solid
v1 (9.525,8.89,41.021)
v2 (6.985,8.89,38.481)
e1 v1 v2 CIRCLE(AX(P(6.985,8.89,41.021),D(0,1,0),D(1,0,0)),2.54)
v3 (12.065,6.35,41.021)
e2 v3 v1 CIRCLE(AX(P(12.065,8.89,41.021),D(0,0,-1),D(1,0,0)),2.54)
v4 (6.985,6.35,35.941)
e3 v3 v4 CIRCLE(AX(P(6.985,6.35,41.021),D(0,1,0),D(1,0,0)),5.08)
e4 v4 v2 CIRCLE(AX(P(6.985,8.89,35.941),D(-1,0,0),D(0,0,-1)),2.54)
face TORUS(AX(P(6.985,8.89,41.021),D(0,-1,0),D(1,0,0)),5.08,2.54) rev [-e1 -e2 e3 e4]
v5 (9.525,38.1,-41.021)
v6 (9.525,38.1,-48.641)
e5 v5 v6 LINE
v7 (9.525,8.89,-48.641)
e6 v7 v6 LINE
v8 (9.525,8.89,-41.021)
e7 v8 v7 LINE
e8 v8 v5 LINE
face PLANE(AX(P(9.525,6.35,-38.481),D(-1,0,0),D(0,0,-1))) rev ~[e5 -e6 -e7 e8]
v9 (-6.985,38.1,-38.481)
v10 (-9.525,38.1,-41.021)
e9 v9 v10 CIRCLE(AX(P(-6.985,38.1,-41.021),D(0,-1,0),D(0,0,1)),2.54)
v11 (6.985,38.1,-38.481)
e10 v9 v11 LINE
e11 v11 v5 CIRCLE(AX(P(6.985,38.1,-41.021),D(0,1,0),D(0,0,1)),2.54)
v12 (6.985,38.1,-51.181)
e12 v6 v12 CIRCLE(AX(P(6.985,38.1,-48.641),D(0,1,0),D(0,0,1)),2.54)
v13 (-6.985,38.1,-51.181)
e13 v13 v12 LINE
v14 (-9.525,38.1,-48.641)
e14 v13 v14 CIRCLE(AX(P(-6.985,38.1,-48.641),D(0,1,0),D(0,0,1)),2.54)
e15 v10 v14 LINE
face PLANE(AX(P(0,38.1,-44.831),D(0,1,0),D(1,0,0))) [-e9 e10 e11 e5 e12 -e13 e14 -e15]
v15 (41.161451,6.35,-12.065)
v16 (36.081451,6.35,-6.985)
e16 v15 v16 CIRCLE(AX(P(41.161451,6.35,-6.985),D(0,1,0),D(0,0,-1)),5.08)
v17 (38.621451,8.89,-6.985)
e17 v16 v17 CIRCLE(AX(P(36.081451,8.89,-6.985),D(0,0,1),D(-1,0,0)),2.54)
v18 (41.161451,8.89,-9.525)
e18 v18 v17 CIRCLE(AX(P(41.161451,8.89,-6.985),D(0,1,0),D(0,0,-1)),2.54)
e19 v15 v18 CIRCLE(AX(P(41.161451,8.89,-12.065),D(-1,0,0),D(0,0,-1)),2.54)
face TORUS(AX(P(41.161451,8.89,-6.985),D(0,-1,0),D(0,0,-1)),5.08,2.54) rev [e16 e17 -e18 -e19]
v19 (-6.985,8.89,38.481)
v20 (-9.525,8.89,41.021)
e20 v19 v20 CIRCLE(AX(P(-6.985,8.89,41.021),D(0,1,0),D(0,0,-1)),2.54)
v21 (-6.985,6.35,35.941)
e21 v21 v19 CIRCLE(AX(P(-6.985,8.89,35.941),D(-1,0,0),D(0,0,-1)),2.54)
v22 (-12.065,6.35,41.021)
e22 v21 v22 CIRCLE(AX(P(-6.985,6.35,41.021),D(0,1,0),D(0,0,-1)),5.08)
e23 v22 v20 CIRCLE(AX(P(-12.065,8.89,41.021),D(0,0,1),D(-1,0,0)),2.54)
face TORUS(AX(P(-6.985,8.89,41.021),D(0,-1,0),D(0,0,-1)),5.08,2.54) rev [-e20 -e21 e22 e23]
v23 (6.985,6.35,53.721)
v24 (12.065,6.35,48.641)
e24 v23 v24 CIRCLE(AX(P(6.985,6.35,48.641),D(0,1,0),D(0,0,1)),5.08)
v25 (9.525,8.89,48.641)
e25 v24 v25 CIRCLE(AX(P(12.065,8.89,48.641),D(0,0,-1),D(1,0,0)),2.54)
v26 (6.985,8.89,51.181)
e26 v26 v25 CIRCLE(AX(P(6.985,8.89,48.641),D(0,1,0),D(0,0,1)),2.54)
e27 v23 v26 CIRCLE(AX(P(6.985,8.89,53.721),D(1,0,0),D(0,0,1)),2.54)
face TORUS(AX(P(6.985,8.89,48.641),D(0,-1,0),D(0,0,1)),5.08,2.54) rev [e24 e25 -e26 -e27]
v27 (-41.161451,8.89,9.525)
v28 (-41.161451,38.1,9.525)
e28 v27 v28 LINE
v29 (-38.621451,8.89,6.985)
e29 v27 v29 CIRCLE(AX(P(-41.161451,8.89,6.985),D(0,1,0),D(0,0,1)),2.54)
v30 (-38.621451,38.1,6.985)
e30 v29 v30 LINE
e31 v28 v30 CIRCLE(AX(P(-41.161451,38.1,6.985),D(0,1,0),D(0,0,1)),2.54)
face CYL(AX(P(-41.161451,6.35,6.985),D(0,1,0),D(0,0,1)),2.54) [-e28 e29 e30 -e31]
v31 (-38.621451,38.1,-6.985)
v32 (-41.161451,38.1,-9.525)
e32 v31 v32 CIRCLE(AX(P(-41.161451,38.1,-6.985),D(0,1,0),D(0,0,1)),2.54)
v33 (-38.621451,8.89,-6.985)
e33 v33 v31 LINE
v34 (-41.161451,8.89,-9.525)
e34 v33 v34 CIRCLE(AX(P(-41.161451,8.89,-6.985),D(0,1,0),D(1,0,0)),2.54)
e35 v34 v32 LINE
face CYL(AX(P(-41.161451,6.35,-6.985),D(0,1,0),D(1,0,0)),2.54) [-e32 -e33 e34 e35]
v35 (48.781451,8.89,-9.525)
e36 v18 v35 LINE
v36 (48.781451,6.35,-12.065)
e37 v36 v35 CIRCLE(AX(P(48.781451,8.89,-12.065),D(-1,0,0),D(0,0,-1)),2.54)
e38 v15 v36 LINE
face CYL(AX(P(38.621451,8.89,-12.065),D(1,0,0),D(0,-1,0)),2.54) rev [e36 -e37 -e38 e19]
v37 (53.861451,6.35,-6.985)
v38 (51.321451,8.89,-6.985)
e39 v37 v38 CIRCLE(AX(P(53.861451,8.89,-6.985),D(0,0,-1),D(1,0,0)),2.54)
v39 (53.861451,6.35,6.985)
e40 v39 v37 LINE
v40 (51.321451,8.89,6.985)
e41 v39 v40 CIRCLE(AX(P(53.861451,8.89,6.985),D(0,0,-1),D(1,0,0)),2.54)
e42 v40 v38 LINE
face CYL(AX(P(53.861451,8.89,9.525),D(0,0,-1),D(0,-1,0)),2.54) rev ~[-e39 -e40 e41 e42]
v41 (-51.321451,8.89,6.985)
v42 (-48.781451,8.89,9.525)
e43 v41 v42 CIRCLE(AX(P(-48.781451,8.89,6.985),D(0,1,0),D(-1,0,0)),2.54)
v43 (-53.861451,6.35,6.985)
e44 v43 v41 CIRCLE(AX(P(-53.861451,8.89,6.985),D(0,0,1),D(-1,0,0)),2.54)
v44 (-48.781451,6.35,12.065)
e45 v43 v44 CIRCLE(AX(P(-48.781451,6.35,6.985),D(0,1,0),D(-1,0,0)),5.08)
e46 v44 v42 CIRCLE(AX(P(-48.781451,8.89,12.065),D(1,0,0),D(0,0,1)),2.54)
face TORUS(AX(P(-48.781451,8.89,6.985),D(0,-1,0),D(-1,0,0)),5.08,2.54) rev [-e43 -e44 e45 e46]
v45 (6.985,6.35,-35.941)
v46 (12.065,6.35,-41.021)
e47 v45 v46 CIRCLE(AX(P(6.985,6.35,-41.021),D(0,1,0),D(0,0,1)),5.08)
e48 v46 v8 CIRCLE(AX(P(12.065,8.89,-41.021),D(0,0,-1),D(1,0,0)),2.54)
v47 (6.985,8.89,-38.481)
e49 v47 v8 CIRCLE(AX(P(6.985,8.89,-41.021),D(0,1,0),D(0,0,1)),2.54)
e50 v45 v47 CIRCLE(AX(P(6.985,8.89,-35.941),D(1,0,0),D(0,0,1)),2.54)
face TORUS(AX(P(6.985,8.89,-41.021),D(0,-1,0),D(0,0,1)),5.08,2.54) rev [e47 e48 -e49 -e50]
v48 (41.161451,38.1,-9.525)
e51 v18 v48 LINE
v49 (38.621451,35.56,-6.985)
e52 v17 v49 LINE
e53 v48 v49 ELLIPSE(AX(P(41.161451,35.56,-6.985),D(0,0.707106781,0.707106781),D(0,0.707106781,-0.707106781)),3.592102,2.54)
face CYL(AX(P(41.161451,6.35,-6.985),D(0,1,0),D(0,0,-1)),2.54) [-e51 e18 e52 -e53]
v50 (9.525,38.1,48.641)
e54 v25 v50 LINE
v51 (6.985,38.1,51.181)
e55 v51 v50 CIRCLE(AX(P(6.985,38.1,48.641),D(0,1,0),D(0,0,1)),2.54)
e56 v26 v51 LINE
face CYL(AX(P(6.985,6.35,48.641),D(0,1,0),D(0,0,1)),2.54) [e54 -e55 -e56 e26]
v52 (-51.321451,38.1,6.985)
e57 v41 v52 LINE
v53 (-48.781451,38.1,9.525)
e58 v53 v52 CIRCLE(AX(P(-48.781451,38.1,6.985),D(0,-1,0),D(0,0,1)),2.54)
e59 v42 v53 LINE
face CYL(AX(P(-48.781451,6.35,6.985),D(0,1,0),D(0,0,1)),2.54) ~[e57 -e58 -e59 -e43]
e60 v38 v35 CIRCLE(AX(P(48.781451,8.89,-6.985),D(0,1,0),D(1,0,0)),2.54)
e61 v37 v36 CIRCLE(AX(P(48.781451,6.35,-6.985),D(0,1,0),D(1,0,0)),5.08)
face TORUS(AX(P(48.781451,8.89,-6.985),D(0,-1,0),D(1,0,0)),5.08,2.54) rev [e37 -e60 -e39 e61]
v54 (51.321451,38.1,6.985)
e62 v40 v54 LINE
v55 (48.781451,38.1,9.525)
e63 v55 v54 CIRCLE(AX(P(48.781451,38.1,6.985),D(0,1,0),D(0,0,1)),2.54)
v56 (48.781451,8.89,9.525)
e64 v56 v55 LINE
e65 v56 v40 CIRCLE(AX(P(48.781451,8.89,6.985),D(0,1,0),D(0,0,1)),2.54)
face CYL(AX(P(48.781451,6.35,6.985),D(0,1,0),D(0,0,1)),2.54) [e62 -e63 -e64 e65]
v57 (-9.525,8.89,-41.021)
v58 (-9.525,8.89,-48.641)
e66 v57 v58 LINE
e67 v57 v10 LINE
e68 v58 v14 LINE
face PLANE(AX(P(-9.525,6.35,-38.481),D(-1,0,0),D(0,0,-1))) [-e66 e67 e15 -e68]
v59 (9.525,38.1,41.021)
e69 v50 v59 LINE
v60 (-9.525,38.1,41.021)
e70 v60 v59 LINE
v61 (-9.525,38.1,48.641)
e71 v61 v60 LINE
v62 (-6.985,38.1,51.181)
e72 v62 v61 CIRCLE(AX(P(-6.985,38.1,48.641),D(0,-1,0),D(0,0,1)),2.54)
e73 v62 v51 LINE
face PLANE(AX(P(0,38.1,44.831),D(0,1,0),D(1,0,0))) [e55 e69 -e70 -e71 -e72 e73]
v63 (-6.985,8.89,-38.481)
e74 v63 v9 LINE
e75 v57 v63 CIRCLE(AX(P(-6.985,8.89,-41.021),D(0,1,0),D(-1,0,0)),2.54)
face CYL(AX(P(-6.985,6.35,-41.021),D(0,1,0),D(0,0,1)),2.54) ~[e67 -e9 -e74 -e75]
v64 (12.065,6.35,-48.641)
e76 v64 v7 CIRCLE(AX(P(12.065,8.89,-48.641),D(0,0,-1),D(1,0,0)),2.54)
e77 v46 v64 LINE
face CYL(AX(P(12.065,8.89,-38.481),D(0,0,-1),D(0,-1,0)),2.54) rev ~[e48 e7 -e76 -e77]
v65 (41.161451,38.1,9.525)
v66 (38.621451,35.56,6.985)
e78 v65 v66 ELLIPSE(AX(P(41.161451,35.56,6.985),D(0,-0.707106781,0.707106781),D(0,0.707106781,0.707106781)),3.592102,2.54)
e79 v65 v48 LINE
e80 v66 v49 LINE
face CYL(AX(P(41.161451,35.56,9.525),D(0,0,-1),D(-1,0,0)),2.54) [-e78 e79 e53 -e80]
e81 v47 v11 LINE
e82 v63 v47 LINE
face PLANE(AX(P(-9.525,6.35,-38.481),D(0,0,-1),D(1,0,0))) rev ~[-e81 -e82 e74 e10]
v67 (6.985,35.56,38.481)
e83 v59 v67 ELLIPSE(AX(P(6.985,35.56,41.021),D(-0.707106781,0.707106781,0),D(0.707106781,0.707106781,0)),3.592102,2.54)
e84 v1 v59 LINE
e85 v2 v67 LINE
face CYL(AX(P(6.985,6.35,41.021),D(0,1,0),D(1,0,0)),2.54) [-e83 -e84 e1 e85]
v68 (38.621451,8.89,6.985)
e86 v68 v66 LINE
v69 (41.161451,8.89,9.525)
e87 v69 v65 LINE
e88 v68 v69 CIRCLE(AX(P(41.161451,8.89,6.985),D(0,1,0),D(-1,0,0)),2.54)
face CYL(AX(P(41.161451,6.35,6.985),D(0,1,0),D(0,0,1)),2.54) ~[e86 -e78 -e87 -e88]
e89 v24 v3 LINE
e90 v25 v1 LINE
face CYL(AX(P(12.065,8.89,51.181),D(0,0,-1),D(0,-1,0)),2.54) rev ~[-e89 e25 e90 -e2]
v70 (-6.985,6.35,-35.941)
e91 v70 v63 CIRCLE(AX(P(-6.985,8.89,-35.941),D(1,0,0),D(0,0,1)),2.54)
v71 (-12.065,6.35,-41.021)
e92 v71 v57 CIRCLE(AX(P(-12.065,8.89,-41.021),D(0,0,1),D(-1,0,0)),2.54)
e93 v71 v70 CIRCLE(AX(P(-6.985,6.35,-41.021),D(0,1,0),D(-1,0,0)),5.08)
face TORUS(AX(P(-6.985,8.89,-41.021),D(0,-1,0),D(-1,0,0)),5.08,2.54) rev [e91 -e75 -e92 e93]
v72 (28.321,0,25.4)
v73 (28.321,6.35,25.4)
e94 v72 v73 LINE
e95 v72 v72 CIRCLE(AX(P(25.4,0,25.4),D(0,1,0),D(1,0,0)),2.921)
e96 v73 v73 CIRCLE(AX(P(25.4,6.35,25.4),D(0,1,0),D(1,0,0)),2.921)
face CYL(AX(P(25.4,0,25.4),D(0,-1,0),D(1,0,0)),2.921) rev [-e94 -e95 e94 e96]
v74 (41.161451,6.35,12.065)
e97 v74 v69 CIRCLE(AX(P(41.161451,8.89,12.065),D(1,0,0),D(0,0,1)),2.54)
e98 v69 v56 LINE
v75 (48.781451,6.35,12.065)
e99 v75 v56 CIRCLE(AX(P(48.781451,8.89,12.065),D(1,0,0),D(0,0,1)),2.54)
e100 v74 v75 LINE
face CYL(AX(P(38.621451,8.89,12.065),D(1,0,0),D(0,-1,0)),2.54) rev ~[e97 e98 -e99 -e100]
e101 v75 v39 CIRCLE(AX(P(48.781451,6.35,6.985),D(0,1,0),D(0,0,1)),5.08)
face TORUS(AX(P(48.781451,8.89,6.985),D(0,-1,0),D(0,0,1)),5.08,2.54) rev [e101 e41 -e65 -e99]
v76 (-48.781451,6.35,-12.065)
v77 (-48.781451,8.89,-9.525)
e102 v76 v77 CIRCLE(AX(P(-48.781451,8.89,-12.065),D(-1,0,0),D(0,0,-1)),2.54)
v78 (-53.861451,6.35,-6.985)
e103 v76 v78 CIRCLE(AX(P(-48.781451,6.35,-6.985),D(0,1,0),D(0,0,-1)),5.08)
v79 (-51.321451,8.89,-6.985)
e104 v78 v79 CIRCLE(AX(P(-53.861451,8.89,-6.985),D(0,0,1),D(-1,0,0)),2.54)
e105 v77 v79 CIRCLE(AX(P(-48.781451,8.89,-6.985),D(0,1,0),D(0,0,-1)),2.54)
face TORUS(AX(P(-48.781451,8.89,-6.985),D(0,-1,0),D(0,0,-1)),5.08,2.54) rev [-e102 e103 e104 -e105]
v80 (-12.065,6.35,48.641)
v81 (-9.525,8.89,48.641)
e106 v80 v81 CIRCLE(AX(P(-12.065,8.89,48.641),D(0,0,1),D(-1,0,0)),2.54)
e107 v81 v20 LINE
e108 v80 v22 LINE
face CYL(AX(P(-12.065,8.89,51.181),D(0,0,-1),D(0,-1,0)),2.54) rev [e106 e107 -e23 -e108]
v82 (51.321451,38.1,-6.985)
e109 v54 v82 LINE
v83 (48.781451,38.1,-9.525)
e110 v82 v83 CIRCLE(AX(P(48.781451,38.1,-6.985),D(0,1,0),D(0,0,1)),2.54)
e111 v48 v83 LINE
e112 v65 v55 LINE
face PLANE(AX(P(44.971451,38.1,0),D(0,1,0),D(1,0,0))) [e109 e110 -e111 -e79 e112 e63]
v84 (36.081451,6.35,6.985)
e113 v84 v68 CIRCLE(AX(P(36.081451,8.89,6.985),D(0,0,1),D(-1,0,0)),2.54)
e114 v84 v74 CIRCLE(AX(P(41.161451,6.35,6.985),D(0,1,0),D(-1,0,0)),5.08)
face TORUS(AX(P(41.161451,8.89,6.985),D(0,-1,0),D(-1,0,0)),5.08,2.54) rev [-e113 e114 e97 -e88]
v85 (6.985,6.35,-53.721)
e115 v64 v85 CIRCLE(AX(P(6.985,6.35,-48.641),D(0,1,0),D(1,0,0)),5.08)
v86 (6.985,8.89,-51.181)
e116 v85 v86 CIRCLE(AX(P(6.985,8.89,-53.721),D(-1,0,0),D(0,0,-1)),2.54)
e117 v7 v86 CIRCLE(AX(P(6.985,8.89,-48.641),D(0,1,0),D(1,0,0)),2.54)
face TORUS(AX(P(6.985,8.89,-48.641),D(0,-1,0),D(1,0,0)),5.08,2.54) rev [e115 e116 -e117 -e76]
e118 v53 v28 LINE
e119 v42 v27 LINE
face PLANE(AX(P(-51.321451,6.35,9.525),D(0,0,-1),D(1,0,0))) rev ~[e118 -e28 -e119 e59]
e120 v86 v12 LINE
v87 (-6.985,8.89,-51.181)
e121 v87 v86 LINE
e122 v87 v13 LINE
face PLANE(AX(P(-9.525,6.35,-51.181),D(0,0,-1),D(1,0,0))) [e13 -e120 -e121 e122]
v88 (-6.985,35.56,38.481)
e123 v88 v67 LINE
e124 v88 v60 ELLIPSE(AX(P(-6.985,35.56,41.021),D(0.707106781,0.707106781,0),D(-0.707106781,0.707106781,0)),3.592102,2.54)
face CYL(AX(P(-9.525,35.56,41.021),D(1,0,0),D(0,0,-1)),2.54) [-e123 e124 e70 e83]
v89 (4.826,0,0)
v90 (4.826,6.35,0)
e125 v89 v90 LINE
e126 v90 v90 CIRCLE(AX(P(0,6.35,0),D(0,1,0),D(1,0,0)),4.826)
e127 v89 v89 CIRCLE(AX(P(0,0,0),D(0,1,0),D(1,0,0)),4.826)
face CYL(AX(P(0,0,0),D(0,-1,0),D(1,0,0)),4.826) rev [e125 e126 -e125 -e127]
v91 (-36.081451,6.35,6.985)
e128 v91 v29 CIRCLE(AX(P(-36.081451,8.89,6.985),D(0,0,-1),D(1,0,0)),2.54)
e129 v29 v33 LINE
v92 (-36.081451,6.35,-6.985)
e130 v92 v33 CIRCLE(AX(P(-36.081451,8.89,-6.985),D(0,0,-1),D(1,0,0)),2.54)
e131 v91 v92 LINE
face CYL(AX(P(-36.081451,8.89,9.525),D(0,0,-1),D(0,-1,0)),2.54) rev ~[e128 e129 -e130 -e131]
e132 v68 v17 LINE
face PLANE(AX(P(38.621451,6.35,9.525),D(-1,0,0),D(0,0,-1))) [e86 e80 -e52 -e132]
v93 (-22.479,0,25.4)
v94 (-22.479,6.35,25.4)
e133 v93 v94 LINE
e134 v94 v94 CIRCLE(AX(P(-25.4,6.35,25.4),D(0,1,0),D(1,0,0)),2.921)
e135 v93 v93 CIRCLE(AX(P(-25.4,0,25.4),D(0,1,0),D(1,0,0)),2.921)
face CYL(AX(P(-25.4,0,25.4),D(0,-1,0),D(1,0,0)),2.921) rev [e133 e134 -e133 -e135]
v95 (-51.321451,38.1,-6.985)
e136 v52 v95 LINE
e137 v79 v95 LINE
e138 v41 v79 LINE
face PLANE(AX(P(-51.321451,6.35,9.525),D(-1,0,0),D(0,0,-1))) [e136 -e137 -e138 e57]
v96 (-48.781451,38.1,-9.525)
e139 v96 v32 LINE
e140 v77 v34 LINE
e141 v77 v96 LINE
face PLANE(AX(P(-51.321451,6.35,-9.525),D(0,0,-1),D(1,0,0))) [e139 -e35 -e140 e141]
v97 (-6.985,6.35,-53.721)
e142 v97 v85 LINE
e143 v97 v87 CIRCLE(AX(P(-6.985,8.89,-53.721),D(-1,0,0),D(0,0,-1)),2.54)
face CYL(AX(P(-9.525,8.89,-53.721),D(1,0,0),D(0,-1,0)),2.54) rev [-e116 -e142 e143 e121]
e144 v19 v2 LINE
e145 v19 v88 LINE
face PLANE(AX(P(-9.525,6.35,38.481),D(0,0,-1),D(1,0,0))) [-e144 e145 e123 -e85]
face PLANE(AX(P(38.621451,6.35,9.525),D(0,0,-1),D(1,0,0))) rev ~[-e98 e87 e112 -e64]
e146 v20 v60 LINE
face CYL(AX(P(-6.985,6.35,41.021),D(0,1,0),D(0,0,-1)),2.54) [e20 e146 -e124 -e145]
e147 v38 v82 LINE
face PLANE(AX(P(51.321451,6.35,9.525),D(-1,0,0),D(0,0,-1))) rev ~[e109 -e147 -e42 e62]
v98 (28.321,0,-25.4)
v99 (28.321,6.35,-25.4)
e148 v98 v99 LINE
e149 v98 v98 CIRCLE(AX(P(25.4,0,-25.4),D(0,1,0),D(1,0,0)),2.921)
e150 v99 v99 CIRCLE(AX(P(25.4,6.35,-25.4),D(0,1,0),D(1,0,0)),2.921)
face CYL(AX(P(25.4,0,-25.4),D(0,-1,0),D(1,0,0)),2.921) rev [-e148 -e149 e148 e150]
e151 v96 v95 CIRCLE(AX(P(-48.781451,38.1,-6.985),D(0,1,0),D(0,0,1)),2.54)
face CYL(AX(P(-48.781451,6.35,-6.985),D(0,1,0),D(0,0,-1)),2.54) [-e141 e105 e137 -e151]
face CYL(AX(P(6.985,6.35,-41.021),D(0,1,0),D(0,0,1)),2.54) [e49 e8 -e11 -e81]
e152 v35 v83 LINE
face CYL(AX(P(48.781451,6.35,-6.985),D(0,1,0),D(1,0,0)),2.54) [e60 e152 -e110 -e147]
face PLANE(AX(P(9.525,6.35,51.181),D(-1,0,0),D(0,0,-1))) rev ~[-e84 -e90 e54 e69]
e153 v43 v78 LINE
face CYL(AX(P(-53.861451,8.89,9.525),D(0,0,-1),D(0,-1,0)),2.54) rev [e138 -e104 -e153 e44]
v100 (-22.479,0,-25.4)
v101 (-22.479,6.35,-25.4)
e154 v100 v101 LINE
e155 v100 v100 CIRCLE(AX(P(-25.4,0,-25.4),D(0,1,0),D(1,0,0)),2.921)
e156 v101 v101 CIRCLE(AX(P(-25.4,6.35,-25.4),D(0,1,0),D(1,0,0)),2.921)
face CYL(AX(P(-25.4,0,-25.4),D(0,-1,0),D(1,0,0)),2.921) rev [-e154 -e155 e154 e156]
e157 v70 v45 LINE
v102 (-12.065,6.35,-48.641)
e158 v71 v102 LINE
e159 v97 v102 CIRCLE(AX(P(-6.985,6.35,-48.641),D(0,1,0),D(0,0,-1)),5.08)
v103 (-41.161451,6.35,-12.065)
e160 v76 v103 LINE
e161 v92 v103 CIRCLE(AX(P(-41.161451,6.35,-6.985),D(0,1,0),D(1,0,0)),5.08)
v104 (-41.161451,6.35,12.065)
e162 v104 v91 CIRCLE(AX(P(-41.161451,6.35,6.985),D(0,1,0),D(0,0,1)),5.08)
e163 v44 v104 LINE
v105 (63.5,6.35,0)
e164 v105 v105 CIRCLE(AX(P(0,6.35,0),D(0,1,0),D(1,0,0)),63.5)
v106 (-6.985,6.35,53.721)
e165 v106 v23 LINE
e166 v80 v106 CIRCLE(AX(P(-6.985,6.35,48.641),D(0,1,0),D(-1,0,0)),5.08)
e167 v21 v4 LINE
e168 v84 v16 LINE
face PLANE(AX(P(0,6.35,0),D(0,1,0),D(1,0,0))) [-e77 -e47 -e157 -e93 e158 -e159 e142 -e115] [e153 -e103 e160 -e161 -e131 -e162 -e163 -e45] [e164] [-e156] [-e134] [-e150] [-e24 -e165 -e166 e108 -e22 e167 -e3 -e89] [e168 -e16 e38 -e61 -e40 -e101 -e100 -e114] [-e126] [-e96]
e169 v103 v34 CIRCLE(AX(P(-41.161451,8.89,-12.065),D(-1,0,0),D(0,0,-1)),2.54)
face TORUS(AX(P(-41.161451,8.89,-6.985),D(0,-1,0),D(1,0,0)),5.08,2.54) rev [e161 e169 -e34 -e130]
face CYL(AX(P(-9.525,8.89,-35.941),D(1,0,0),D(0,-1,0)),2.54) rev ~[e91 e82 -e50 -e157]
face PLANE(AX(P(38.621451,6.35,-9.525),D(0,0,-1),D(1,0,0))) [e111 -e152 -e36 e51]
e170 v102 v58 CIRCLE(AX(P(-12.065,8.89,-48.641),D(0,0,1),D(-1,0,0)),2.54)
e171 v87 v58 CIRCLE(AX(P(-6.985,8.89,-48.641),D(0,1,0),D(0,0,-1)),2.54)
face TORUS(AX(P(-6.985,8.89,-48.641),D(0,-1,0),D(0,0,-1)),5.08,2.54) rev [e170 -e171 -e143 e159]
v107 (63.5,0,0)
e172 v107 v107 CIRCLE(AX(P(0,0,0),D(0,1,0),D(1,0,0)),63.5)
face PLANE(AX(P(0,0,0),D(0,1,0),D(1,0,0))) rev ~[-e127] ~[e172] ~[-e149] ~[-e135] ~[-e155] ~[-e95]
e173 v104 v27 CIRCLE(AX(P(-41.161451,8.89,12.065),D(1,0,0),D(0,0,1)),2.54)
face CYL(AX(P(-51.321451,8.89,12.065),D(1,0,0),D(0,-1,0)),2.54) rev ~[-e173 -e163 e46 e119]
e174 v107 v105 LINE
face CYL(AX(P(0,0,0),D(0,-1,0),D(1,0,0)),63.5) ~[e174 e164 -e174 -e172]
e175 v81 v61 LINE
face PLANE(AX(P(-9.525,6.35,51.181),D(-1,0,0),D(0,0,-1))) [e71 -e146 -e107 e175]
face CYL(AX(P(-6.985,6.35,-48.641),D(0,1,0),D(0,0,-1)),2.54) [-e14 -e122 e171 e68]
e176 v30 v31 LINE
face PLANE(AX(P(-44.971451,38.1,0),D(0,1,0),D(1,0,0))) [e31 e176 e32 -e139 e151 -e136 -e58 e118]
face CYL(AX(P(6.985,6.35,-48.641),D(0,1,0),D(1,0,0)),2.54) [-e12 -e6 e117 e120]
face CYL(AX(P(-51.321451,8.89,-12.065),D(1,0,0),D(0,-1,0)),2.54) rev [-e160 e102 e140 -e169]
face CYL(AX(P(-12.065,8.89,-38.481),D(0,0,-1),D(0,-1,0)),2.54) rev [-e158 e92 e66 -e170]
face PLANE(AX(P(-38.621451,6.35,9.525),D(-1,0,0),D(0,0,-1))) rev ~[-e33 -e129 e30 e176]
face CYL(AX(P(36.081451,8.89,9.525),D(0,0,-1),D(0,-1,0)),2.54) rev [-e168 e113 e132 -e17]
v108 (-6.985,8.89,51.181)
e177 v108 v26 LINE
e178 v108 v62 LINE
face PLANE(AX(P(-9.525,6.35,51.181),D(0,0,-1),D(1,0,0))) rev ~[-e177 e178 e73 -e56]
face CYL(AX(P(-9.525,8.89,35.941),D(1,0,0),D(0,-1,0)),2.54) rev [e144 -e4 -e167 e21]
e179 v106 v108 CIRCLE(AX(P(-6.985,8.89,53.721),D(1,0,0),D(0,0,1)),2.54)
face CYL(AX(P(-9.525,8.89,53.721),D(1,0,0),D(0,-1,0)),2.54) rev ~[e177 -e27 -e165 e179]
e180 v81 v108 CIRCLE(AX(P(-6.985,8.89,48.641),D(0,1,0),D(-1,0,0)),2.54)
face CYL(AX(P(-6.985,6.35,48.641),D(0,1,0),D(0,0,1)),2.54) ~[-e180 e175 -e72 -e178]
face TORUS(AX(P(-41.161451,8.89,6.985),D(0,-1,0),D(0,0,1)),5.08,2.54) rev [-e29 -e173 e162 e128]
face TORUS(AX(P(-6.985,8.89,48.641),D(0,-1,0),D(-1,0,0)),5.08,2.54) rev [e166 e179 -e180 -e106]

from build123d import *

# Parameters (mm, degrees)
SKETCH2_R           = 63.5
SKETCH2_R_2         = 2.921
SKETCH2_R_3         = 4.826
BOSS_EXTRUDE2_DEPTH = 6.35
SKETCH3_W           = 19.05
SKETCH3_H           = 12.7
SKETCH3_W_2         = 12.7
SKETCH3_H_2         = 19.05
BOSS_EXTRUDE3_DEPTH = 31.75
FILLET1_R           = 2.54


with BuildPart() as part:
    # Sketch2 → Boss-Extrude2 (new body)
    with BuildSketch(Plane(origin=(0, 0, 0), x_dir=(1, 0, 0), z_dir=(0, 1, 0))):
        Circle(SKETCH2_R)
        with Locations((-25.4, 25.4)):
            Circle(SKETCH2_R_2, mode=Mode.SUBTRACT)
        with Locations((25.4, 25.4)):
            Circle(SKETCH2_R_2, mode=Mode.SUBTRACT)
        with Locations((25.4, -25.4)):
            Circle(SKETCH2_R_2, mode=Mode.SUBTRACT)
        with Locations((-25.4, -25.4)):
            Circle(SKETCH2_R_2, mode=Mode.SUBTRACT)
        Circle(SKETCH2_R_3, mode=Mode.SUBTRACT)
    extrude(amount=BOSS_EXTRUDE2_DEPTH)

    # Sketch3 → Boss-Extrude3 (add)
    with BuildSketch(Plane(origin=(0, 6.35, 0), x_dir=(1, 0, 0), z_dir=(0, 1, 0))):
        with Locations((0, 44.831)):
            Rectangle(SKETCH3_W, SKETCH3_H)
        with Locations((0, -44.831)):
            Rectangle(SKETCH3_W, SKETCH3_H)
        with Locations((-44.971451378, 0)):
            Rectangle(SKETCH3_W_2, SKETCH3_H_2)
        with Locations((44.971451378, 0)):
            Rectangle(SKETCH3_W_2, SKETCH3_H_2)
    extrude(amount=BOSS_EXTRUDE3_DEPTH)

    # Fillet1
    fillet1_edges = [part.edges().sort_by_distance(p)[0] for p in [
        (9.525, 6.35, -44.831),
        (9.525, 22.225, -38.481),
        (0, 6.35, -51.181),
        (9.525, 22.225, -51.181),
        (-9.525, 6.35, -44.831),
        (-9.525, 22.225, -51.181),
        (0, 6.35, -38.481),
        (-9.525, 22.225, -38.481),
        (-9.525, 6.35, 44.831),
        (-9.525, 22.225, 38.481),
        (0, 6.35, 51.181),
        (-9.525, 22.225, 51.181),
        (9.525, 6.35, 44.831),
        (9.525, 22.225, 51.181),
        (0, 6.35, 38.481),
        (9.525, 22.225, 38.481),
        (0, 38.1, 38.481),
        (-38.621451378, 6.35, 0),
        (-38.621451378, 22.225, 9.525),
        (-44.971451378, 6.35, -9.525),
        (-38.621451378, 22.225, -9.525),
        (-51.321451378, 6.35, 0),
        (-51.321451378, 22.225, -9.525),
        (-44.971451378, 6.35, 9.525),
        (-51.321451378, 22.225, 9.525),
        (44.971451378, 6.35, -9.525),
        (51.321451378, 22.225, -9.525),
        (38.621451378, 6.35, 0),
        (38.621451378, 22.225, -9.525),
        (44.971451378, 6.35, 9.525),
        (38.621451378, 22.225, 9.525),
        (51.321451378, 6.35, 0),
        (51.321451378, 22.225, 9.525),
        (38.621451378, 38.1, 0),
    ]]
    fillet(fillet1_edges, radius=FILLET1_R)


solid = part.part
